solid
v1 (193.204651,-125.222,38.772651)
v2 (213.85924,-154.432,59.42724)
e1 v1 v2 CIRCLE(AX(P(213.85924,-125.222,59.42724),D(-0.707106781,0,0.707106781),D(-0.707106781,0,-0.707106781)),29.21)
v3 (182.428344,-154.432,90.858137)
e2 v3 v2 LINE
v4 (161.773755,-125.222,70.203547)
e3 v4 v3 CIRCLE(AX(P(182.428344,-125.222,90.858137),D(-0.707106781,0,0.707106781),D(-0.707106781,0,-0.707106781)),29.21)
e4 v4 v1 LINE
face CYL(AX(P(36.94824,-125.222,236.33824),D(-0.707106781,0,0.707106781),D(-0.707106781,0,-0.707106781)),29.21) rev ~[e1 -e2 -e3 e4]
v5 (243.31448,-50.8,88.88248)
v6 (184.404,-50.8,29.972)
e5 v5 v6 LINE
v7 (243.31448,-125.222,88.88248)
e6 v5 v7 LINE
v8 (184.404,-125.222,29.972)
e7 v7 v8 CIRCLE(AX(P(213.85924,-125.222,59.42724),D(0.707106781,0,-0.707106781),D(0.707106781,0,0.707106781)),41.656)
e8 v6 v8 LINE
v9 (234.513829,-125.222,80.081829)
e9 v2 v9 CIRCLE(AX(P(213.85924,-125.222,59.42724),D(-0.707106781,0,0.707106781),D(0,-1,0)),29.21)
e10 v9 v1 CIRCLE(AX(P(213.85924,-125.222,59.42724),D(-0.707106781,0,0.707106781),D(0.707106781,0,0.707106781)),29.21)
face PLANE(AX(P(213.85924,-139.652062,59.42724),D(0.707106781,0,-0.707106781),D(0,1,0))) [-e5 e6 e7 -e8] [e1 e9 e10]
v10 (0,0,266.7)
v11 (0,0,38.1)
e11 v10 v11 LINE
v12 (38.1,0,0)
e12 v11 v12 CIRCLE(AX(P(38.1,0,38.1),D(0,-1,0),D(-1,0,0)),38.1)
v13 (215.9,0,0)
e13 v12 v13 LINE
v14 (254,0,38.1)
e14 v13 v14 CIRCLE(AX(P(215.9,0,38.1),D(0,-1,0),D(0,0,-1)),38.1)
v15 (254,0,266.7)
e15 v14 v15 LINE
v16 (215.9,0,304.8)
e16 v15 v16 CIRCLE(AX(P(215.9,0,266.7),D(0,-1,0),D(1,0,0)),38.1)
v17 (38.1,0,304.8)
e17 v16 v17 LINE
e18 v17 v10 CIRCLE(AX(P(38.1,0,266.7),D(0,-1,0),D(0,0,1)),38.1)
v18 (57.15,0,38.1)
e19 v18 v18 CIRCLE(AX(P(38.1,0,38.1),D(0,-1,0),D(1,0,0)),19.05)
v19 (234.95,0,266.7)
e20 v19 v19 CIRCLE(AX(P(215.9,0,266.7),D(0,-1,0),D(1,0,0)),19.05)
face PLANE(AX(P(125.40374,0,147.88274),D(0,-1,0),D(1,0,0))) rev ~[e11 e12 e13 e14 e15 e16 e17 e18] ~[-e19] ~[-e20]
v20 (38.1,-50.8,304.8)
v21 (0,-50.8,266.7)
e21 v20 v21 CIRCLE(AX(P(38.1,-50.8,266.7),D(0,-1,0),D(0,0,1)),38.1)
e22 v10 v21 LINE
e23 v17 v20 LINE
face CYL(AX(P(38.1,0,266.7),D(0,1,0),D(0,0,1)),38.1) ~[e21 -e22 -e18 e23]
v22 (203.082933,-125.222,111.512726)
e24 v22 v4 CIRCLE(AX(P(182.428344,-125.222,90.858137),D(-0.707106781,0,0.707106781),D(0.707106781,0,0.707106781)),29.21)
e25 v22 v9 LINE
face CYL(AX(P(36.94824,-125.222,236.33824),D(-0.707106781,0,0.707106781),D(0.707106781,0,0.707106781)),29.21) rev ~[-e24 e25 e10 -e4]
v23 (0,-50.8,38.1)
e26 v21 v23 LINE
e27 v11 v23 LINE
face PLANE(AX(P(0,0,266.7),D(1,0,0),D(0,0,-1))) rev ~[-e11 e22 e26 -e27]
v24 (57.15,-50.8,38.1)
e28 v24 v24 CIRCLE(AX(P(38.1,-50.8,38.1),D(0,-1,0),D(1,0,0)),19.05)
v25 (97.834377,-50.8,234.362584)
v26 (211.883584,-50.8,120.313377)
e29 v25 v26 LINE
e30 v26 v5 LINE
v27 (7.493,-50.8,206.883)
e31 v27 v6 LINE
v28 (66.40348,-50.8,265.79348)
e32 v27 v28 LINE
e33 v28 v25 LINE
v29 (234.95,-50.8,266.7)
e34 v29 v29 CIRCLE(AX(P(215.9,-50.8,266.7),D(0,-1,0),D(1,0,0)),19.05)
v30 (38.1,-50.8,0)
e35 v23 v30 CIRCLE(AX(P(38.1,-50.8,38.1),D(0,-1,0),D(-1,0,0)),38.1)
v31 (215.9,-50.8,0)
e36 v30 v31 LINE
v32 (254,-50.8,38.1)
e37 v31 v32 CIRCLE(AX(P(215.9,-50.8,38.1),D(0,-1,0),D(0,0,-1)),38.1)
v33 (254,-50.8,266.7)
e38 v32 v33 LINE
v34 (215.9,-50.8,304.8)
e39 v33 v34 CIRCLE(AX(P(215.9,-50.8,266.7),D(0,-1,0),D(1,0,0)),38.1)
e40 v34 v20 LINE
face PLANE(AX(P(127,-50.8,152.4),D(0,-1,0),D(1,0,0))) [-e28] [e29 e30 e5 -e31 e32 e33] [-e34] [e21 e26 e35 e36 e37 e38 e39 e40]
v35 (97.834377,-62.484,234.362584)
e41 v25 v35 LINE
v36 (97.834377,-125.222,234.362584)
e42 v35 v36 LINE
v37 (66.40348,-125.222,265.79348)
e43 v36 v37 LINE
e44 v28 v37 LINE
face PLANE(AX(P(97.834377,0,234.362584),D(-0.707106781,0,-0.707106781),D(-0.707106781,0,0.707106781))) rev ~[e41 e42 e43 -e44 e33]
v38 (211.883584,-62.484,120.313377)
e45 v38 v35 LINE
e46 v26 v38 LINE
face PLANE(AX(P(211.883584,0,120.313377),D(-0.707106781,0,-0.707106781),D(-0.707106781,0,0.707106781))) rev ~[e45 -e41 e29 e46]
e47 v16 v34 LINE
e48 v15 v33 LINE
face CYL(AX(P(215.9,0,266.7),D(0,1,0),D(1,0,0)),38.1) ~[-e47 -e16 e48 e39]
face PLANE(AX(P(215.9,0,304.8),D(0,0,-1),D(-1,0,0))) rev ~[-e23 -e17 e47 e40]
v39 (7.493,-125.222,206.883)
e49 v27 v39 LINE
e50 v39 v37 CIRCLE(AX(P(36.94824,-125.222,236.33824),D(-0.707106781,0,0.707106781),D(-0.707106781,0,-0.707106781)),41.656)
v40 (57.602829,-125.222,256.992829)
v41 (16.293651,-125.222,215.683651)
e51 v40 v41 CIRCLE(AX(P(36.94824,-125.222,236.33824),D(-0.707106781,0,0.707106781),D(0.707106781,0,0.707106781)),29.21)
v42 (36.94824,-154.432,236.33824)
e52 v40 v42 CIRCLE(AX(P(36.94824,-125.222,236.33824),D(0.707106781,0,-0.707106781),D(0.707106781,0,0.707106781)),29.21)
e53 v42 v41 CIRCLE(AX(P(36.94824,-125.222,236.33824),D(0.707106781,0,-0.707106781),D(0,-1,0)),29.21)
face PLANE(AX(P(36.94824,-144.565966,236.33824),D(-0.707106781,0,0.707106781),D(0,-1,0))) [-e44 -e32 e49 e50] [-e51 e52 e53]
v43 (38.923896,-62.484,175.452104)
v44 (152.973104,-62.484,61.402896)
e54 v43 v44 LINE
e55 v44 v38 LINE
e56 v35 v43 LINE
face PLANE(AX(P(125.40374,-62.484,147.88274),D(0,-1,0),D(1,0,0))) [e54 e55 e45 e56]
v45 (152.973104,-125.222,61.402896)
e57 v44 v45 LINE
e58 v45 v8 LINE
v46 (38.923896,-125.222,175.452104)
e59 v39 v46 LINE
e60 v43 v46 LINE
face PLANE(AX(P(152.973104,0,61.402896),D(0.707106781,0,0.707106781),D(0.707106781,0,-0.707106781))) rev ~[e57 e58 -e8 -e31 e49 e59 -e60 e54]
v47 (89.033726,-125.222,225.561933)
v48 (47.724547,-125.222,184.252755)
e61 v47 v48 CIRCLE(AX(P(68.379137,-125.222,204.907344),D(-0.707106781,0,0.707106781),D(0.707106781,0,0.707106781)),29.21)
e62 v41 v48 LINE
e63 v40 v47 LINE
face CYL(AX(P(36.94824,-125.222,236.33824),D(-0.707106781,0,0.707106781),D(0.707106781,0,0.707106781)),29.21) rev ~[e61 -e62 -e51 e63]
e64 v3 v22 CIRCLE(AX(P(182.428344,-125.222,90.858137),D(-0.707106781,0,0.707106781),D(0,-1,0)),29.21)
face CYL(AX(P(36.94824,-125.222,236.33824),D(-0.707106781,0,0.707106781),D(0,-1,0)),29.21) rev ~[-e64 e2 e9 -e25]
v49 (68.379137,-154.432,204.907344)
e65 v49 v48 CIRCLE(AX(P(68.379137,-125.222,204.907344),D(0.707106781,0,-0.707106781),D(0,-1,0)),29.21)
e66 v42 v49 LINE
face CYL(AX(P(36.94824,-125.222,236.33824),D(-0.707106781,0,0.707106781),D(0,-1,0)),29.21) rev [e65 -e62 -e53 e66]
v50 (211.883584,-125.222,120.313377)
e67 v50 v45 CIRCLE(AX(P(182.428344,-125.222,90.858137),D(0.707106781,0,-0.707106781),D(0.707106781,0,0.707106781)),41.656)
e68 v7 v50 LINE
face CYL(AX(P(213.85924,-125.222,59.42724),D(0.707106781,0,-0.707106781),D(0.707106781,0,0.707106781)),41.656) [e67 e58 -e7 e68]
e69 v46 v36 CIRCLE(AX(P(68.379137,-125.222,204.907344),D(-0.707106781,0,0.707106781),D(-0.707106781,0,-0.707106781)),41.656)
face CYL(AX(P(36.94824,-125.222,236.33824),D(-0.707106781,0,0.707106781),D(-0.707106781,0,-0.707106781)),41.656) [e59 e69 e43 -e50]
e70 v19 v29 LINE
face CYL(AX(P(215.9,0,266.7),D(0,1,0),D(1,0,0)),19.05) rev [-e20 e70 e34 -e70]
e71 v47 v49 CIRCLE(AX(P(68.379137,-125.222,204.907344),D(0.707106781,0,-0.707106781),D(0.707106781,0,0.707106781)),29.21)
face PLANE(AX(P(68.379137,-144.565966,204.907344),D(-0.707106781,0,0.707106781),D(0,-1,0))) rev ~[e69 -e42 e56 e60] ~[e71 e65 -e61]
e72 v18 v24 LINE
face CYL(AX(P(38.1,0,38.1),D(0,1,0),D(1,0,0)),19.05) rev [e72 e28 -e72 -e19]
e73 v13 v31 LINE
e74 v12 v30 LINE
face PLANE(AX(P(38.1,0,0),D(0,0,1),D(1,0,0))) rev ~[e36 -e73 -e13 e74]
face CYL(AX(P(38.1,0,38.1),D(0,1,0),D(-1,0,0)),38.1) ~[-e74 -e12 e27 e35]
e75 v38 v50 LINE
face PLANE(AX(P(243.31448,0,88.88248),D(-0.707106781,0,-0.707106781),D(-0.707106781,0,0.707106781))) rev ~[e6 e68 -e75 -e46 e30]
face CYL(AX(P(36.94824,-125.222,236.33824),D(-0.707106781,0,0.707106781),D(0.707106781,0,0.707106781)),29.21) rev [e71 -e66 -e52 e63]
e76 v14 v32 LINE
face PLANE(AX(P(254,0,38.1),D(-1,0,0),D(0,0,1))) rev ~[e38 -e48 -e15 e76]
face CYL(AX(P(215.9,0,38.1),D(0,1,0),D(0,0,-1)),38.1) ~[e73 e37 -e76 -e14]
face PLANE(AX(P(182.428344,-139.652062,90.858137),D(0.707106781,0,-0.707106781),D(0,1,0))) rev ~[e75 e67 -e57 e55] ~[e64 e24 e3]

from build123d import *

# Parameters (mm, degrees)
F0_R     = 19.05
F1_DEPTH = 50.8
F2_DEPTH = 62.484
F3_DEPTH = 125.222
F5_DEPTH = 44.45
F7_DEPTH = 44.45
F8_DEPTH = 299.212


with BuildPart() as f1:
    # F0 (on Front) → F1 (new body)
    with BuildSketch(Plane.XZ):
        with BuildLine():
            ThreePointArc((0, 38.1), (11.1592316368, 11.1592316368), (38.1, 0))
            Line((38.1, 0), (215.9, 0))
            ThreePointArc((215.9, 0), (242.8407683632, 11.1592316368), (254, 38.1))
            Line((254, 38.1), (254, 266.7))
            ThreePointArc((254, 266.7), (242.8407683632, 293.6407683632), (215.9, 304.8))
            Line((215.9, 304.8), (38.1, 304.8))
            ThreePointArc((38.1, 304.8), (11.1592316368, 293.6407683632), (0, 266.7))
            Line((0, 266.7), (0, 38.1))
        make_face()
        with Locations((38.1, 38.1)):
            Circle(F0_R, mode=Mode.SUBTRACT)
        Polygon((243.3144801542, 88.8824801542), (184.404, 29.972), (152.9731035763, 61.4028964237), (38.9238964237, 175.4521035763), (7.493, 206.883), (66.4034801542, 265.7934801542), (97.834376578, 234.3625837305), (211.8835837305, 120.313376578), align=None, mode=Mode.SUBTRACT)
        with Locations((215.9, 266.7)):
            Circle(F0_R, mode=Mode.SUBTRACT)
    extrude(amount=F1_DEPTH)

    # F0 (on Front) → F2 (join)
    with BuildSketch(Plane.XZ):
        Polygon((38.9238964237, 175.4521035763), (152.9731035763, 61.4028964237), (211.8835837305, 120.313376578), (97.834376578, 234.3625837305), align=None)
    extrude(amount=F2_DEPTH)

    # F0 (on Front) → F3 (join)
    with BuildSketch(Plane.XZ):
        Polygon((152.9731035763, 61.4028964237), (184.404, 29.972), (243.3144801542, 88.8824801542), (211.8835837305, 120.313376578), align=None)
        Polygon((7.493, 206.883), (38.9238964237, 175.4521035763), (97.834376578, 234.3625837305), (66.4034801542, 265.7934801542), align=None)
    extrude(amount=F3_DEPTH)

    # F4 (on face) → F5 (join)
    with BuildSketch(Plane(origin=(77.216, 0, -77.216), x_dir=(0, 1, 0), z_dir=(0.7071067812, 0, -0.7071067812))):
        with BuildLine():
            Line((-125.222, 151.5867233236), (-125.222, 234.8987233236))
            ThreePointArc((-125.222, 234.8987233236), (-166.878, 193.2427233236), (-125.222, 151.5867233236))
        make_face()
    extrude(amount=-F5_DEPTH)

    # F6 (on face) → F7 (join)
    with BuildSketch(Plane(origin=(-99.695, 0, 99.695), x_dir=(0, -1, 0), z_dir=(-0.7071067812, 0, 0.7071067812))):
        with BuildLine():
            Line((125.222, 164.0327233236), (125.222, 151.5867233236))
            ThreePointArc((125.222, 151.5867233236), (166.878, 193.2427233236), (125.222, 234.8987233236))
            Line((125.222, 234.8987233236), (125.222, 222.4527233236))
            ThreePointArc((125.222, 222.4527233236), (145.8765890785, 213.8973124021), (154.432, 193.2427233236))
            ThreePointArc((154.432, 193.2427233236), (145.8765890785, 172.5881342452), (125.222, 164.0327233236))
        make_face()
    extrude(amount=-F7_DEPTH)

    # F6 (on face) → F8 (cut)
    with BuildSketch(Plane(origin=(-99.695, 0, 99.695), x_dir=(0, -1, 0), z_dir=(-0.7071067812, 0, 0.7071067812))):
        with BuildLine():
            Line((125.222, 222.4527233236), (125.222, 164.0327233236))
            ThreePointArc((125.222, 164.0327233236), (145.8765890785, 172.5881342452), (154.432, 193.2427233236))
            ThreePointArc((154.432, 193.2427233236), (145.8765890785, 213.8973124021), (125.222, 222.4527233236))
        make_face()
        with BuildLine():
            ThreePointArc((125.222, 222.4527233236), (96.012, 193.2427233236), (125.222, 164.0327233236))
            Line((125.222, 164.0327233236), (125.222, 222.4527233236))
        make_face()
    extrude(amount=-F8_DEPTH, mode=Mode.SUBTRACT)


solid = f1.part
